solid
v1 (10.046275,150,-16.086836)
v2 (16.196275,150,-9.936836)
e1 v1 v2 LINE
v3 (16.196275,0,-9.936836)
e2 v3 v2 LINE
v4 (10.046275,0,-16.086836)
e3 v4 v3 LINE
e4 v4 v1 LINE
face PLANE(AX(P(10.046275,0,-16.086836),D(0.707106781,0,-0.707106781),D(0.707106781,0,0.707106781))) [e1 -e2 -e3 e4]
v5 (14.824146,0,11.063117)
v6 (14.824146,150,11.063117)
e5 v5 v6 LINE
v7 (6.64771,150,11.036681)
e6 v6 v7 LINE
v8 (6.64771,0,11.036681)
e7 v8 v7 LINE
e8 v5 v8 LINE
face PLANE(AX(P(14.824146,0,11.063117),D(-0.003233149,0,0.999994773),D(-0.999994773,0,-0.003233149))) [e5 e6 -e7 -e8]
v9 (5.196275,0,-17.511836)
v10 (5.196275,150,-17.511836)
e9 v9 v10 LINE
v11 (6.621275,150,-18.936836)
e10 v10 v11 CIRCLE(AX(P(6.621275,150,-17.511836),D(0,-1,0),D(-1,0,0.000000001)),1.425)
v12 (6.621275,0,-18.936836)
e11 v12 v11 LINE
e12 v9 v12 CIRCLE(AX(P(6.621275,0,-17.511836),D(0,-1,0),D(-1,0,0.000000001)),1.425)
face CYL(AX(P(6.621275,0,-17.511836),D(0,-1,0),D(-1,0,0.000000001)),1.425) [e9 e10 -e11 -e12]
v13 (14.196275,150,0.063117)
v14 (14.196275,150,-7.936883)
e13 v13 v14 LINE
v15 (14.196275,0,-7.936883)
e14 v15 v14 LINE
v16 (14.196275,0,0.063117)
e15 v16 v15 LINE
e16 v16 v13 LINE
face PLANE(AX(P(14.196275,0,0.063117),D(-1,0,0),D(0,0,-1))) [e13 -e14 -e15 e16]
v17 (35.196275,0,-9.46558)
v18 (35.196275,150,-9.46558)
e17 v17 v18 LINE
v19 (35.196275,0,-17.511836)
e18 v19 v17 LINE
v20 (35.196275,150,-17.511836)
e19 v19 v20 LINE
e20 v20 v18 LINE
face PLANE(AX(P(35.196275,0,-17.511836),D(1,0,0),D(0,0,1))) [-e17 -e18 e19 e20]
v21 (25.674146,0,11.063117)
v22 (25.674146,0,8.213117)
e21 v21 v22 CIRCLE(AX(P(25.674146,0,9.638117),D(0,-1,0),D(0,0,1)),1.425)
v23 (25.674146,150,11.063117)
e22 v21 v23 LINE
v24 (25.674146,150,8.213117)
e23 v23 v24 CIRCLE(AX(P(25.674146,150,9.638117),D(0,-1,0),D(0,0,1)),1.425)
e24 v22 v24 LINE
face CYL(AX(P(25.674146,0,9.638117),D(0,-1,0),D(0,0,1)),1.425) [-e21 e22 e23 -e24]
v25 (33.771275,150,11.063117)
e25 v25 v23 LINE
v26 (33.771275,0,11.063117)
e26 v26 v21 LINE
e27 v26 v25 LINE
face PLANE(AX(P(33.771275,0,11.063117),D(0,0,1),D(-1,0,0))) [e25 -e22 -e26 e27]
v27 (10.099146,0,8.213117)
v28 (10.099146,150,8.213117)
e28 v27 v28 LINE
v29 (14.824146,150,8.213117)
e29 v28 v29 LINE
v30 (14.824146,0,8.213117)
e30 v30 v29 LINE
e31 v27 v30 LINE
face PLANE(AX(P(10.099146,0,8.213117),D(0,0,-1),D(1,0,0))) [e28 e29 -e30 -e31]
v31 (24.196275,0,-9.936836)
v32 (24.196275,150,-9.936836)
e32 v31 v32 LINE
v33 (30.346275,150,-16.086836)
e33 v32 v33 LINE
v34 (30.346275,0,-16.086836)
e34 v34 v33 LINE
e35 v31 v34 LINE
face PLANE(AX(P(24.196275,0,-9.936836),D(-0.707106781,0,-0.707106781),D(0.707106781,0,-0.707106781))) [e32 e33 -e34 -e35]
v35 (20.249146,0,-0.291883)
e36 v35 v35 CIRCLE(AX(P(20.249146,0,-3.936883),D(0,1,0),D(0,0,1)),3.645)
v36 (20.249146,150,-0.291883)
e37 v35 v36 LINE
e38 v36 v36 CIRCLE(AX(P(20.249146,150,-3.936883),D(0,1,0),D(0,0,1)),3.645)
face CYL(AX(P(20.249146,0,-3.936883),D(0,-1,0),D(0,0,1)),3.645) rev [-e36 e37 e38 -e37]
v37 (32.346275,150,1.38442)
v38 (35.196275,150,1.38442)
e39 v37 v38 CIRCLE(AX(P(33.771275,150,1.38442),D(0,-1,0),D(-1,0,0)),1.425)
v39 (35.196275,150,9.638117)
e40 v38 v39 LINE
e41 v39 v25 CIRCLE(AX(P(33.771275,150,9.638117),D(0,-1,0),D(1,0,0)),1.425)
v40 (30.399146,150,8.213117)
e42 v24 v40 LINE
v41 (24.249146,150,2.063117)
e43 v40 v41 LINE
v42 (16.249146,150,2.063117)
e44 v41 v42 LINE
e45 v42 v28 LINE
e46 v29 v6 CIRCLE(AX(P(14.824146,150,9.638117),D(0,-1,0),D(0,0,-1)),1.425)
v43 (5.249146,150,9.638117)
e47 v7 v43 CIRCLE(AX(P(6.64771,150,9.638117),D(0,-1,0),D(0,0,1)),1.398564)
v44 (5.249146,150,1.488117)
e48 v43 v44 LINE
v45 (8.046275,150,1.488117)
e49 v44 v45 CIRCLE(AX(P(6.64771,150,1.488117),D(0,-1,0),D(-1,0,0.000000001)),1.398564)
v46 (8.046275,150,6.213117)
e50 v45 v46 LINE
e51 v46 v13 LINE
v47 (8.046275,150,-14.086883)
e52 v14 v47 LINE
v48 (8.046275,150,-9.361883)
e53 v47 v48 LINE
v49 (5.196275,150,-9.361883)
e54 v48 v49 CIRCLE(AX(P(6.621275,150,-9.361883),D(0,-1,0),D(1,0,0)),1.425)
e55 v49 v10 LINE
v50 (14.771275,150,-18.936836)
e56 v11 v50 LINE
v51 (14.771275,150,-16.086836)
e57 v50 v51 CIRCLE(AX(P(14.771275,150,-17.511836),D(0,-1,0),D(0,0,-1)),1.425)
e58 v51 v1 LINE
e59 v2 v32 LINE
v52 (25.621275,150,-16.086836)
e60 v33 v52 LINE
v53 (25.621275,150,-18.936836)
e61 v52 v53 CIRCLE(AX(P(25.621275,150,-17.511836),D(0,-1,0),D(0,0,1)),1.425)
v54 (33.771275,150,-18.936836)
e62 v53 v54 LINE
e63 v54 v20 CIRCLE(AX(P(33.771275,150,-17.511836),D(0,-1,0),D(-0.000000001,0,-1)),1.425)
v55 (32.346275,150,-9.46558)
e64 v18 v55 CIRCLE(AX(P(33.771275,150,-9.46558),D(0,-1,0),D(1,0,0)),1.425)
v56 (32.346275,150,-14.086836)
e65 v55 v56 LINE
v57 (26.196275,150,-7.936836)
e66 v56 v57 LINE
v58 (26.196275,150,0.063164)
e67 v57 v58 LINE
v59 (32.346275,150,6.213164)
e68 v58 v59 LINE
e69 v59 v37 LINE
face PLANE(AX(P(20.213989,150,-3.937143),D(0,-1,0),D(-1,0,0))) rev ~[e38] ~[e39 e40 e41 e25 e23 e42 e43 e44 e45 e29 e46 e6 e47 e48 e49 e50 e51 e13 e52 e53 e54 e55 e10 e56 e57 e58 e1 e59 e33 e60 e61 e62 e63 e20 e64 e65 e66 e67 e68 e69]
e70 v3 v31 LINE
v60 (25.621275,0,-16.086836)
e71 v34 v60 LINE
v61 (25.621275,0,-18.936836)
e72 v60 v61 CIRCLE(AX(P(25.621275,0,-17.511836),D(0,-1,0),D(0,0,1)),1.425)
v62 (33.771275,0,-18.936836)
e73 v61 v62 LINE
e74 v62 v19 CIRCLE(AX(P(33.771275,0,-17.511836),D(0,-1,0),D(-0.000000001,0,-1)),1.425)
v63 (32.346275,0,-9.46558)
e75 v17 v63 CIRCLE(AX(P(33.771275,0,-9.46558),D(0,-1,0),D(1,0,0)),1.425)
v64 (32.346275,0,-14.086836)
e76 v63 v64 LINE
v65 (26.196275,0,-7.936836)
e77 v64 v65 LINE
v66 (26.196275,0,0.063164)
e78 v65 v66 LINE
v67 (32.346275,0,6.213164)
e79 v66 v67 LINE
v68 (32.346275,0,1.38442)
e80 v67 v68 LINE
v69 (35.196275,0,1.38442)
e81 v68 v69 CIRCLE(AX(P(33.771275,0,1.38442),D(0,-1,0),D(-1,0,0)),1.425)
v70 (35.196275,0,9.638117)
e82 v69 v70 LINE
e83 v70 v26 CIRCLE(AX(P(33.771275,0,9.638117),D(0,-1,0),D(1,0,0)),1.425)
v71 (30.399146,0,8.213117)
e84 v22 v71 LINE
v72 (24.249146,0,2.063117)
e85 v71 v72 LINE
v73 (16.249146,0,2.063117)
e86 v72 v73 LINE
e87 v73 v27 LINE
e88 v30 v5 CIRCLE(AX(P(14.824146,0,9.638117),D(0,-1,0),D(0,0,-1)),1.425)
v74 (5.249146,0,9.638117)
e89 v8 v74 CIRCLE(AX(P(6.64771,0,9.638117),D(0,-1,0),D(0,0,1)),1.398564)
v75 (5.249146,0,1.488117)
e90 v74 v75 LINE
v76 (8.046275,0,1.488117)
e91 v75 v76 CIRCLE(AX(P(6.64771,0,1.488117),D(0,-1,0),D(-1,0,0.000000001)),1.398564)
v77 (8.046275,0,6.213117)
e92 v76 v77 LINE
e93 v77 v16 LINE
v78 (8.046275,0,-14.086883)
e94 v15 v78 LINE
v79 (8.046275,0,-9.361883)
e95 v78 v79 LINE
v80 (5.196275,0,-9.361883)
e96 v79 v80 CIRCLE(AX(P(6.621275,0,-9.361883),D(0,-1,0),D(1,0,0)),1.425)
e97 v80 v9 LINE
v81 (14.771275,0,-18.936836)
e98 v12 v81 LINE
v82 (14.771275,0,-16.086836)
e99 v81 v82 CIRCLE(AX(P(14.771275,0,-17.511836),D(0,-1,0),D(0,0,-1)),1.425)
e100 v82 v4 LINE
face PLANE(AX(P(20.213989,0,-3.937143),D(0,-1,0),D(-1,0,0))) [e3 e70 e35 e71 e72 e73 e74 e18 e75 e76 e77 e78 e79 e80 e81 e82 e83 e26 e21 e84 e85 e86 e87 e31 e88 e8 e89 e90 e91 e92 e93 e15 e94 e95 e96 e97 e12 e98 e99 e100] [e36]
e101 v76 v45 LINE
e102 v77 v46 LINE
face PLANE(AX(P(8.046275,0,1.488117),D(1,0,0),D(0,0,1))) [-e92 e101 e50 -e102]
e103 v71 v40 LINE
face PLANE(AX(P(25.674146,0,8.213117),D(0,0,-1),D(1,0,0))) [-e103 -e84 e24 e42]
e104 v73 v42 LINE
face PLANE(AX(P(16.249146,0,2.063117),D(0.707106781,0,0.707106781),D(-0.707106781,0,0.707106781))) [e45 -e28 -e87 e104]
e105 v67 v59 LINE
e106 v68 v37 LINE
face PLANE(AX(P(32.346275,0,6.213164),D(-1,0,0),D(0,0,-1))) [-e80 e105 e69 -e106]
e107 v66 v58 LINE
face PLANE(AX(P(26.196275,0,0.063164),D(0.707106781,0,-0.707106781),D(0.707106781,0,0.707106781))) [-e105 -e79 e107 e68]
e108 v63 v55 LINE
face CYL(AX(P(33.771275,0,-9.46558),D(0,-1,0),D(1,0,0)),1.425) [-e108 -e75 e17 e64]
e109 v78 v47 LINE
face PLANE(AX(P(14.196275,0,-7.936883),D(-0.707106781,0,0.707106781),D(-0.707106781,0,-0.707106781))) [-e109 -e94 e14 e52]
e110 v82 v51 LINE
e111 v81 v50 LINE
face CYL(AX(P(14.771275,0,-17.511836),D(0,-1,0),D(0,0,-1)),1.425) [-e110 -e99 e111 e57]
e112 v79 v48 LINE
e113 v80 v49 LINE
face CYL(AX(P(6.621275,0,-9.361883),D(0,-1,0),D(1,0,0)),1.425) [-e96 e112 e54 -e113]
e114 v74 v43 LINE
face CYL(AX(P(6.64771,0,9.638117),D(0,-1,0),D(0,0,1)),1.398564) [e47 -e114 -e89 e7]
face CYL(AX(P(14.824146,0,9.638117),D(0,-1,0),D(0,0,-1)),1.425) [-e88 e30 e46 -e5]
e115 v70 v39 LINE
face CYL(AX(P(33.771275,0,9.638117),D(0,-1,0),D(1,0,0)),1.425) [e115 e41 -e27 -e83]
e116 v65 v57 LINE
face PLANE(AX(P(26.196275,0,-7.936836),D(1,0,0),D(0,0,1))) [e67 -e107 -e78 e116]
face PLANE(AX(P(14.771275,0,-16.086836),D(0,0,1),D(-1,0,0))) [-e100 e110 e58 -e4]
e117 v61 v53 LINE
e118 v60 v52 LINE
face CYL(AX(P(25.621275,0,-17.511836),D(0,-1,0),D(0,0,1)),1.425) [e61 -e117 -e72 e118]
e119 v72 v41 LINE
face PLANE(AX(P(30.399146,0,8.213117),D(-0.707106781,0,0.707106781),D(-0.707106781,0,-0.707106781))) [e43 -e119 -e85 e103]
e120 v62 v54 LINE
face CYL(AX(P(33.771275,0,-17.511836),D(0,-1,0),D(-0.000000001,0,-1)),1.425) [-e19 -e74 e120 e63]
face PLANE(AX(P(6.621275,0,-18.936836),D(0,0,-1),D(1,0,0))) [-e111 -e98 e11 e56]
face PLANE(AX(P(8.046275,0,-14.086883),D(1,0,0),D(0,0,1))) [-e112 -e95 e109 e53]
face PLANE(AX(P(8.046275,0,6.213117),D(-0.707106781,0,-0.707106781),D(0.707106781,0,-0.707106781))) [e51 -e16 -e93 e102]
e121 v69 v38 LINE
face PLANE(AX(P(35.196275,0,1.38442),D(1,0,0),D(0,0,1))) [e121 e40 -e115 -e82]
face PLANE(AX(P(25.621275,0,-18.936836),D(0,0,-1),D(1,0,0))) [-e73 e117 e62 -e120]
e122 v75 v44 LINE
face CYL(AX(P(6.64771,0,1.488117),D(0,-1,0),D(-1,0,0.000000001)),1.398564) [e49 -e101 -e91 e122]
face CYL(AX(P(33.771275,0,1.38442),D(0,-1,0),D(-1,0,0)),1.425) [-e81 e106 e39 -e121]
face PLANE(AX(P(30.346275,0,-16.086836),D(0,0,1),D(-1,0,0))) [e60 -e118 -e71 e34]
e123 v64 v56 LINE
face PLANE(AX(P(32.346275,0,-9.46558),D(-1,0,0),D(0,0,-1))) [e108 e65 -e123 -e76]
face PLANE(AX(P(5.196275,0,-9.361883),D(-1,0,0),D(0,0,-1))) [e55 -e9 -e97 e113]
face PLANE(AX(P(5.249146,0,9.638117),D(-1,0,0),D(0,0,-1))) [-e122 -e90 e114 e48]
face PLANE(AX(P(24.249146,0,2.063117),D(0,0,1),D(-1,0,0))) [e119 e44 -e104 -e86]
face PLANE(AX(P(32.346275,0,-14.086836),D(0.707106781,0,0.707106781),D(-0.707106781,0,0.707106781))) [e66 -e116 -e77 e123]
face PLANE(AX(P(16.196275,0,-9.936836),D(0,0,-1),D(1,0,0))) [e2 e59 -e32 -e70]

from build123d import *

# Parameters (mm, degrees)
CROQUIS2_R              = 3.645
SALIENTE_EXTRUIR1_DEPTH = 150


with BuildPart() as part:
    # Croquis2 → Saliente-Extruir1 (new body)
    with BuildSketch(Plane(origin=(0, 0, 0), x_dir=(1, 0, 0), z_dir=(0, 1, 0))):
        with BuildLine():
            Line((25.674146233, -8.213117031), (30.399146233, -8.213117031))
            Line((30.399146233, -8.213117031), (24.249146233, -2.063117031))
            Line((24.249146233, -2.063117031), (16.249146233, -2.063117031))
            Line((16.249146233, -2.063117031), (10.099146233, -8.213117031))
            Line((10.099146233, -8.213117031), (14.824146233, -8.213117031))
            ThreePointArc((14.824146233, -8.213117031), (16.249146233, -9.638117031), (14.824146233, -11.063117031))
            Line((14.824146233, -11.063117031), (6.64771046, -11.036681258))
            ThreePointArc((6.64771046, -11.036681258), (5.658776211, -10.62705128), (5.249146233, -9.638117031))
            Line((5.249146233, -9.638117031), (5.249146233, -1.488117031))
            ThreePointArc((5.249146233, -1.488117031), (6.64771046, -0.089552803), (8.046274687, -1.488117031))
            Line((8.046274687, -1.488117031), (8.046274687, -6.213117031))
            Line((8.046274687, -6.213117031), (14.196274687, -0.063117031))
            Line((14.196274687, -0.063117031), (14.196274687, 7.936882969))
            Line((14.196274687, 7.936882969), (8.046274687, 14.086882969))
            Line((8.046274687, 14.086882969), (8.046274687, 9.361882969))
            ThreePointArc((8.046274687, 9.361882969), (6.621274687, 7.936882969), (5.196274687, 9.361882969))
            Line((5.196274687, 9.361882969), (5.196274687, 17.511836379))
            ThreePointArc((5.196274687, 17.511836379), (5.613647524, 18.519463543), (6.621274687, 18.936836379))
            Line((6.621274687, 18.936836379), (14.771274687, 18.936836379))
            ThreePointArc((14.771274687, 18.936836379), (16.196274687, 17.511836379), (14.771274687, 16.086836379))
            Line((14.771274687, 16.086836379), (10.046274687, 16.086836379))
            Line((10.046274687, 16.086836379), (16.196274687, 9.936836379))
            Line((16.196274687, 9.936836379), (24.196274687, 9.936836379))
            Line((24.196274687, 9.936836379), (30.346274687, 16.086836379))
            Line((30.346274687, 16.086836379), (25.621274687, 16.086836379))
            ThreePointArc((25.621274687, 16.086836379), (24.196274687, 17.511836379), (25.621274687, 18.936836379))
            Line((25.621274687, 18.936836379), (33.771274687, 18.936836379))
            ThreePointArc((33.771274687, 18.936836379), (34.77890185, 18.519463543), (35.196274687, 17.511836379))
            Line((35.196274687, 17.511836379), (35.196274687, 9.465580065))
            ThreePointArc((35.196274687, 9.465580065), (33.771274687, 8.040580065), (32.346274687, 9.465580065))
            Line((32.346274687, 9.465580065), (32.346274687, 14.086836379))
            Line((32.346274687, 14.086836379), (26.196274687, 7.936836379))
            Line((26.196274687, 7.936836379), (26.196274687, -0.063163621))
            Line((26.196274687, -0.063163621), (32.346274687, -6.213163621))
            Line((32.346274687, -6.213163621), (32.346274687, -1.384419935))
            ThreePointArc((32.346274687, -1.384419935), (33.771274687, 0.040580065), (35.196274687, -1.384419935))
            Line((35.196274687, -1.384419935), (35.196274687, -9.638117031))
            ThreePointArc((35.196274687, -9.638117031), (34.77890185, -10.645744194), (33.771274687, -11.063117031))
            Line((33.771274687, -11.063117031), (25.674146233, -11.063117031))
            ThreePointArc((25.674146233, -11.063117031), (24.249146233, -9.638117031), (25.674146233, -8.213117031))
        make_face()
        with Locations(Location((20.249146233, 3.936882969, 0), (0, 0, 270))):
            Circle(CROQUIS2_R, mode=Mode.SUBTRACT)
    extrude(amount=SALIENTE_EXTRUIR1_DEPTH)


solid = part.part
